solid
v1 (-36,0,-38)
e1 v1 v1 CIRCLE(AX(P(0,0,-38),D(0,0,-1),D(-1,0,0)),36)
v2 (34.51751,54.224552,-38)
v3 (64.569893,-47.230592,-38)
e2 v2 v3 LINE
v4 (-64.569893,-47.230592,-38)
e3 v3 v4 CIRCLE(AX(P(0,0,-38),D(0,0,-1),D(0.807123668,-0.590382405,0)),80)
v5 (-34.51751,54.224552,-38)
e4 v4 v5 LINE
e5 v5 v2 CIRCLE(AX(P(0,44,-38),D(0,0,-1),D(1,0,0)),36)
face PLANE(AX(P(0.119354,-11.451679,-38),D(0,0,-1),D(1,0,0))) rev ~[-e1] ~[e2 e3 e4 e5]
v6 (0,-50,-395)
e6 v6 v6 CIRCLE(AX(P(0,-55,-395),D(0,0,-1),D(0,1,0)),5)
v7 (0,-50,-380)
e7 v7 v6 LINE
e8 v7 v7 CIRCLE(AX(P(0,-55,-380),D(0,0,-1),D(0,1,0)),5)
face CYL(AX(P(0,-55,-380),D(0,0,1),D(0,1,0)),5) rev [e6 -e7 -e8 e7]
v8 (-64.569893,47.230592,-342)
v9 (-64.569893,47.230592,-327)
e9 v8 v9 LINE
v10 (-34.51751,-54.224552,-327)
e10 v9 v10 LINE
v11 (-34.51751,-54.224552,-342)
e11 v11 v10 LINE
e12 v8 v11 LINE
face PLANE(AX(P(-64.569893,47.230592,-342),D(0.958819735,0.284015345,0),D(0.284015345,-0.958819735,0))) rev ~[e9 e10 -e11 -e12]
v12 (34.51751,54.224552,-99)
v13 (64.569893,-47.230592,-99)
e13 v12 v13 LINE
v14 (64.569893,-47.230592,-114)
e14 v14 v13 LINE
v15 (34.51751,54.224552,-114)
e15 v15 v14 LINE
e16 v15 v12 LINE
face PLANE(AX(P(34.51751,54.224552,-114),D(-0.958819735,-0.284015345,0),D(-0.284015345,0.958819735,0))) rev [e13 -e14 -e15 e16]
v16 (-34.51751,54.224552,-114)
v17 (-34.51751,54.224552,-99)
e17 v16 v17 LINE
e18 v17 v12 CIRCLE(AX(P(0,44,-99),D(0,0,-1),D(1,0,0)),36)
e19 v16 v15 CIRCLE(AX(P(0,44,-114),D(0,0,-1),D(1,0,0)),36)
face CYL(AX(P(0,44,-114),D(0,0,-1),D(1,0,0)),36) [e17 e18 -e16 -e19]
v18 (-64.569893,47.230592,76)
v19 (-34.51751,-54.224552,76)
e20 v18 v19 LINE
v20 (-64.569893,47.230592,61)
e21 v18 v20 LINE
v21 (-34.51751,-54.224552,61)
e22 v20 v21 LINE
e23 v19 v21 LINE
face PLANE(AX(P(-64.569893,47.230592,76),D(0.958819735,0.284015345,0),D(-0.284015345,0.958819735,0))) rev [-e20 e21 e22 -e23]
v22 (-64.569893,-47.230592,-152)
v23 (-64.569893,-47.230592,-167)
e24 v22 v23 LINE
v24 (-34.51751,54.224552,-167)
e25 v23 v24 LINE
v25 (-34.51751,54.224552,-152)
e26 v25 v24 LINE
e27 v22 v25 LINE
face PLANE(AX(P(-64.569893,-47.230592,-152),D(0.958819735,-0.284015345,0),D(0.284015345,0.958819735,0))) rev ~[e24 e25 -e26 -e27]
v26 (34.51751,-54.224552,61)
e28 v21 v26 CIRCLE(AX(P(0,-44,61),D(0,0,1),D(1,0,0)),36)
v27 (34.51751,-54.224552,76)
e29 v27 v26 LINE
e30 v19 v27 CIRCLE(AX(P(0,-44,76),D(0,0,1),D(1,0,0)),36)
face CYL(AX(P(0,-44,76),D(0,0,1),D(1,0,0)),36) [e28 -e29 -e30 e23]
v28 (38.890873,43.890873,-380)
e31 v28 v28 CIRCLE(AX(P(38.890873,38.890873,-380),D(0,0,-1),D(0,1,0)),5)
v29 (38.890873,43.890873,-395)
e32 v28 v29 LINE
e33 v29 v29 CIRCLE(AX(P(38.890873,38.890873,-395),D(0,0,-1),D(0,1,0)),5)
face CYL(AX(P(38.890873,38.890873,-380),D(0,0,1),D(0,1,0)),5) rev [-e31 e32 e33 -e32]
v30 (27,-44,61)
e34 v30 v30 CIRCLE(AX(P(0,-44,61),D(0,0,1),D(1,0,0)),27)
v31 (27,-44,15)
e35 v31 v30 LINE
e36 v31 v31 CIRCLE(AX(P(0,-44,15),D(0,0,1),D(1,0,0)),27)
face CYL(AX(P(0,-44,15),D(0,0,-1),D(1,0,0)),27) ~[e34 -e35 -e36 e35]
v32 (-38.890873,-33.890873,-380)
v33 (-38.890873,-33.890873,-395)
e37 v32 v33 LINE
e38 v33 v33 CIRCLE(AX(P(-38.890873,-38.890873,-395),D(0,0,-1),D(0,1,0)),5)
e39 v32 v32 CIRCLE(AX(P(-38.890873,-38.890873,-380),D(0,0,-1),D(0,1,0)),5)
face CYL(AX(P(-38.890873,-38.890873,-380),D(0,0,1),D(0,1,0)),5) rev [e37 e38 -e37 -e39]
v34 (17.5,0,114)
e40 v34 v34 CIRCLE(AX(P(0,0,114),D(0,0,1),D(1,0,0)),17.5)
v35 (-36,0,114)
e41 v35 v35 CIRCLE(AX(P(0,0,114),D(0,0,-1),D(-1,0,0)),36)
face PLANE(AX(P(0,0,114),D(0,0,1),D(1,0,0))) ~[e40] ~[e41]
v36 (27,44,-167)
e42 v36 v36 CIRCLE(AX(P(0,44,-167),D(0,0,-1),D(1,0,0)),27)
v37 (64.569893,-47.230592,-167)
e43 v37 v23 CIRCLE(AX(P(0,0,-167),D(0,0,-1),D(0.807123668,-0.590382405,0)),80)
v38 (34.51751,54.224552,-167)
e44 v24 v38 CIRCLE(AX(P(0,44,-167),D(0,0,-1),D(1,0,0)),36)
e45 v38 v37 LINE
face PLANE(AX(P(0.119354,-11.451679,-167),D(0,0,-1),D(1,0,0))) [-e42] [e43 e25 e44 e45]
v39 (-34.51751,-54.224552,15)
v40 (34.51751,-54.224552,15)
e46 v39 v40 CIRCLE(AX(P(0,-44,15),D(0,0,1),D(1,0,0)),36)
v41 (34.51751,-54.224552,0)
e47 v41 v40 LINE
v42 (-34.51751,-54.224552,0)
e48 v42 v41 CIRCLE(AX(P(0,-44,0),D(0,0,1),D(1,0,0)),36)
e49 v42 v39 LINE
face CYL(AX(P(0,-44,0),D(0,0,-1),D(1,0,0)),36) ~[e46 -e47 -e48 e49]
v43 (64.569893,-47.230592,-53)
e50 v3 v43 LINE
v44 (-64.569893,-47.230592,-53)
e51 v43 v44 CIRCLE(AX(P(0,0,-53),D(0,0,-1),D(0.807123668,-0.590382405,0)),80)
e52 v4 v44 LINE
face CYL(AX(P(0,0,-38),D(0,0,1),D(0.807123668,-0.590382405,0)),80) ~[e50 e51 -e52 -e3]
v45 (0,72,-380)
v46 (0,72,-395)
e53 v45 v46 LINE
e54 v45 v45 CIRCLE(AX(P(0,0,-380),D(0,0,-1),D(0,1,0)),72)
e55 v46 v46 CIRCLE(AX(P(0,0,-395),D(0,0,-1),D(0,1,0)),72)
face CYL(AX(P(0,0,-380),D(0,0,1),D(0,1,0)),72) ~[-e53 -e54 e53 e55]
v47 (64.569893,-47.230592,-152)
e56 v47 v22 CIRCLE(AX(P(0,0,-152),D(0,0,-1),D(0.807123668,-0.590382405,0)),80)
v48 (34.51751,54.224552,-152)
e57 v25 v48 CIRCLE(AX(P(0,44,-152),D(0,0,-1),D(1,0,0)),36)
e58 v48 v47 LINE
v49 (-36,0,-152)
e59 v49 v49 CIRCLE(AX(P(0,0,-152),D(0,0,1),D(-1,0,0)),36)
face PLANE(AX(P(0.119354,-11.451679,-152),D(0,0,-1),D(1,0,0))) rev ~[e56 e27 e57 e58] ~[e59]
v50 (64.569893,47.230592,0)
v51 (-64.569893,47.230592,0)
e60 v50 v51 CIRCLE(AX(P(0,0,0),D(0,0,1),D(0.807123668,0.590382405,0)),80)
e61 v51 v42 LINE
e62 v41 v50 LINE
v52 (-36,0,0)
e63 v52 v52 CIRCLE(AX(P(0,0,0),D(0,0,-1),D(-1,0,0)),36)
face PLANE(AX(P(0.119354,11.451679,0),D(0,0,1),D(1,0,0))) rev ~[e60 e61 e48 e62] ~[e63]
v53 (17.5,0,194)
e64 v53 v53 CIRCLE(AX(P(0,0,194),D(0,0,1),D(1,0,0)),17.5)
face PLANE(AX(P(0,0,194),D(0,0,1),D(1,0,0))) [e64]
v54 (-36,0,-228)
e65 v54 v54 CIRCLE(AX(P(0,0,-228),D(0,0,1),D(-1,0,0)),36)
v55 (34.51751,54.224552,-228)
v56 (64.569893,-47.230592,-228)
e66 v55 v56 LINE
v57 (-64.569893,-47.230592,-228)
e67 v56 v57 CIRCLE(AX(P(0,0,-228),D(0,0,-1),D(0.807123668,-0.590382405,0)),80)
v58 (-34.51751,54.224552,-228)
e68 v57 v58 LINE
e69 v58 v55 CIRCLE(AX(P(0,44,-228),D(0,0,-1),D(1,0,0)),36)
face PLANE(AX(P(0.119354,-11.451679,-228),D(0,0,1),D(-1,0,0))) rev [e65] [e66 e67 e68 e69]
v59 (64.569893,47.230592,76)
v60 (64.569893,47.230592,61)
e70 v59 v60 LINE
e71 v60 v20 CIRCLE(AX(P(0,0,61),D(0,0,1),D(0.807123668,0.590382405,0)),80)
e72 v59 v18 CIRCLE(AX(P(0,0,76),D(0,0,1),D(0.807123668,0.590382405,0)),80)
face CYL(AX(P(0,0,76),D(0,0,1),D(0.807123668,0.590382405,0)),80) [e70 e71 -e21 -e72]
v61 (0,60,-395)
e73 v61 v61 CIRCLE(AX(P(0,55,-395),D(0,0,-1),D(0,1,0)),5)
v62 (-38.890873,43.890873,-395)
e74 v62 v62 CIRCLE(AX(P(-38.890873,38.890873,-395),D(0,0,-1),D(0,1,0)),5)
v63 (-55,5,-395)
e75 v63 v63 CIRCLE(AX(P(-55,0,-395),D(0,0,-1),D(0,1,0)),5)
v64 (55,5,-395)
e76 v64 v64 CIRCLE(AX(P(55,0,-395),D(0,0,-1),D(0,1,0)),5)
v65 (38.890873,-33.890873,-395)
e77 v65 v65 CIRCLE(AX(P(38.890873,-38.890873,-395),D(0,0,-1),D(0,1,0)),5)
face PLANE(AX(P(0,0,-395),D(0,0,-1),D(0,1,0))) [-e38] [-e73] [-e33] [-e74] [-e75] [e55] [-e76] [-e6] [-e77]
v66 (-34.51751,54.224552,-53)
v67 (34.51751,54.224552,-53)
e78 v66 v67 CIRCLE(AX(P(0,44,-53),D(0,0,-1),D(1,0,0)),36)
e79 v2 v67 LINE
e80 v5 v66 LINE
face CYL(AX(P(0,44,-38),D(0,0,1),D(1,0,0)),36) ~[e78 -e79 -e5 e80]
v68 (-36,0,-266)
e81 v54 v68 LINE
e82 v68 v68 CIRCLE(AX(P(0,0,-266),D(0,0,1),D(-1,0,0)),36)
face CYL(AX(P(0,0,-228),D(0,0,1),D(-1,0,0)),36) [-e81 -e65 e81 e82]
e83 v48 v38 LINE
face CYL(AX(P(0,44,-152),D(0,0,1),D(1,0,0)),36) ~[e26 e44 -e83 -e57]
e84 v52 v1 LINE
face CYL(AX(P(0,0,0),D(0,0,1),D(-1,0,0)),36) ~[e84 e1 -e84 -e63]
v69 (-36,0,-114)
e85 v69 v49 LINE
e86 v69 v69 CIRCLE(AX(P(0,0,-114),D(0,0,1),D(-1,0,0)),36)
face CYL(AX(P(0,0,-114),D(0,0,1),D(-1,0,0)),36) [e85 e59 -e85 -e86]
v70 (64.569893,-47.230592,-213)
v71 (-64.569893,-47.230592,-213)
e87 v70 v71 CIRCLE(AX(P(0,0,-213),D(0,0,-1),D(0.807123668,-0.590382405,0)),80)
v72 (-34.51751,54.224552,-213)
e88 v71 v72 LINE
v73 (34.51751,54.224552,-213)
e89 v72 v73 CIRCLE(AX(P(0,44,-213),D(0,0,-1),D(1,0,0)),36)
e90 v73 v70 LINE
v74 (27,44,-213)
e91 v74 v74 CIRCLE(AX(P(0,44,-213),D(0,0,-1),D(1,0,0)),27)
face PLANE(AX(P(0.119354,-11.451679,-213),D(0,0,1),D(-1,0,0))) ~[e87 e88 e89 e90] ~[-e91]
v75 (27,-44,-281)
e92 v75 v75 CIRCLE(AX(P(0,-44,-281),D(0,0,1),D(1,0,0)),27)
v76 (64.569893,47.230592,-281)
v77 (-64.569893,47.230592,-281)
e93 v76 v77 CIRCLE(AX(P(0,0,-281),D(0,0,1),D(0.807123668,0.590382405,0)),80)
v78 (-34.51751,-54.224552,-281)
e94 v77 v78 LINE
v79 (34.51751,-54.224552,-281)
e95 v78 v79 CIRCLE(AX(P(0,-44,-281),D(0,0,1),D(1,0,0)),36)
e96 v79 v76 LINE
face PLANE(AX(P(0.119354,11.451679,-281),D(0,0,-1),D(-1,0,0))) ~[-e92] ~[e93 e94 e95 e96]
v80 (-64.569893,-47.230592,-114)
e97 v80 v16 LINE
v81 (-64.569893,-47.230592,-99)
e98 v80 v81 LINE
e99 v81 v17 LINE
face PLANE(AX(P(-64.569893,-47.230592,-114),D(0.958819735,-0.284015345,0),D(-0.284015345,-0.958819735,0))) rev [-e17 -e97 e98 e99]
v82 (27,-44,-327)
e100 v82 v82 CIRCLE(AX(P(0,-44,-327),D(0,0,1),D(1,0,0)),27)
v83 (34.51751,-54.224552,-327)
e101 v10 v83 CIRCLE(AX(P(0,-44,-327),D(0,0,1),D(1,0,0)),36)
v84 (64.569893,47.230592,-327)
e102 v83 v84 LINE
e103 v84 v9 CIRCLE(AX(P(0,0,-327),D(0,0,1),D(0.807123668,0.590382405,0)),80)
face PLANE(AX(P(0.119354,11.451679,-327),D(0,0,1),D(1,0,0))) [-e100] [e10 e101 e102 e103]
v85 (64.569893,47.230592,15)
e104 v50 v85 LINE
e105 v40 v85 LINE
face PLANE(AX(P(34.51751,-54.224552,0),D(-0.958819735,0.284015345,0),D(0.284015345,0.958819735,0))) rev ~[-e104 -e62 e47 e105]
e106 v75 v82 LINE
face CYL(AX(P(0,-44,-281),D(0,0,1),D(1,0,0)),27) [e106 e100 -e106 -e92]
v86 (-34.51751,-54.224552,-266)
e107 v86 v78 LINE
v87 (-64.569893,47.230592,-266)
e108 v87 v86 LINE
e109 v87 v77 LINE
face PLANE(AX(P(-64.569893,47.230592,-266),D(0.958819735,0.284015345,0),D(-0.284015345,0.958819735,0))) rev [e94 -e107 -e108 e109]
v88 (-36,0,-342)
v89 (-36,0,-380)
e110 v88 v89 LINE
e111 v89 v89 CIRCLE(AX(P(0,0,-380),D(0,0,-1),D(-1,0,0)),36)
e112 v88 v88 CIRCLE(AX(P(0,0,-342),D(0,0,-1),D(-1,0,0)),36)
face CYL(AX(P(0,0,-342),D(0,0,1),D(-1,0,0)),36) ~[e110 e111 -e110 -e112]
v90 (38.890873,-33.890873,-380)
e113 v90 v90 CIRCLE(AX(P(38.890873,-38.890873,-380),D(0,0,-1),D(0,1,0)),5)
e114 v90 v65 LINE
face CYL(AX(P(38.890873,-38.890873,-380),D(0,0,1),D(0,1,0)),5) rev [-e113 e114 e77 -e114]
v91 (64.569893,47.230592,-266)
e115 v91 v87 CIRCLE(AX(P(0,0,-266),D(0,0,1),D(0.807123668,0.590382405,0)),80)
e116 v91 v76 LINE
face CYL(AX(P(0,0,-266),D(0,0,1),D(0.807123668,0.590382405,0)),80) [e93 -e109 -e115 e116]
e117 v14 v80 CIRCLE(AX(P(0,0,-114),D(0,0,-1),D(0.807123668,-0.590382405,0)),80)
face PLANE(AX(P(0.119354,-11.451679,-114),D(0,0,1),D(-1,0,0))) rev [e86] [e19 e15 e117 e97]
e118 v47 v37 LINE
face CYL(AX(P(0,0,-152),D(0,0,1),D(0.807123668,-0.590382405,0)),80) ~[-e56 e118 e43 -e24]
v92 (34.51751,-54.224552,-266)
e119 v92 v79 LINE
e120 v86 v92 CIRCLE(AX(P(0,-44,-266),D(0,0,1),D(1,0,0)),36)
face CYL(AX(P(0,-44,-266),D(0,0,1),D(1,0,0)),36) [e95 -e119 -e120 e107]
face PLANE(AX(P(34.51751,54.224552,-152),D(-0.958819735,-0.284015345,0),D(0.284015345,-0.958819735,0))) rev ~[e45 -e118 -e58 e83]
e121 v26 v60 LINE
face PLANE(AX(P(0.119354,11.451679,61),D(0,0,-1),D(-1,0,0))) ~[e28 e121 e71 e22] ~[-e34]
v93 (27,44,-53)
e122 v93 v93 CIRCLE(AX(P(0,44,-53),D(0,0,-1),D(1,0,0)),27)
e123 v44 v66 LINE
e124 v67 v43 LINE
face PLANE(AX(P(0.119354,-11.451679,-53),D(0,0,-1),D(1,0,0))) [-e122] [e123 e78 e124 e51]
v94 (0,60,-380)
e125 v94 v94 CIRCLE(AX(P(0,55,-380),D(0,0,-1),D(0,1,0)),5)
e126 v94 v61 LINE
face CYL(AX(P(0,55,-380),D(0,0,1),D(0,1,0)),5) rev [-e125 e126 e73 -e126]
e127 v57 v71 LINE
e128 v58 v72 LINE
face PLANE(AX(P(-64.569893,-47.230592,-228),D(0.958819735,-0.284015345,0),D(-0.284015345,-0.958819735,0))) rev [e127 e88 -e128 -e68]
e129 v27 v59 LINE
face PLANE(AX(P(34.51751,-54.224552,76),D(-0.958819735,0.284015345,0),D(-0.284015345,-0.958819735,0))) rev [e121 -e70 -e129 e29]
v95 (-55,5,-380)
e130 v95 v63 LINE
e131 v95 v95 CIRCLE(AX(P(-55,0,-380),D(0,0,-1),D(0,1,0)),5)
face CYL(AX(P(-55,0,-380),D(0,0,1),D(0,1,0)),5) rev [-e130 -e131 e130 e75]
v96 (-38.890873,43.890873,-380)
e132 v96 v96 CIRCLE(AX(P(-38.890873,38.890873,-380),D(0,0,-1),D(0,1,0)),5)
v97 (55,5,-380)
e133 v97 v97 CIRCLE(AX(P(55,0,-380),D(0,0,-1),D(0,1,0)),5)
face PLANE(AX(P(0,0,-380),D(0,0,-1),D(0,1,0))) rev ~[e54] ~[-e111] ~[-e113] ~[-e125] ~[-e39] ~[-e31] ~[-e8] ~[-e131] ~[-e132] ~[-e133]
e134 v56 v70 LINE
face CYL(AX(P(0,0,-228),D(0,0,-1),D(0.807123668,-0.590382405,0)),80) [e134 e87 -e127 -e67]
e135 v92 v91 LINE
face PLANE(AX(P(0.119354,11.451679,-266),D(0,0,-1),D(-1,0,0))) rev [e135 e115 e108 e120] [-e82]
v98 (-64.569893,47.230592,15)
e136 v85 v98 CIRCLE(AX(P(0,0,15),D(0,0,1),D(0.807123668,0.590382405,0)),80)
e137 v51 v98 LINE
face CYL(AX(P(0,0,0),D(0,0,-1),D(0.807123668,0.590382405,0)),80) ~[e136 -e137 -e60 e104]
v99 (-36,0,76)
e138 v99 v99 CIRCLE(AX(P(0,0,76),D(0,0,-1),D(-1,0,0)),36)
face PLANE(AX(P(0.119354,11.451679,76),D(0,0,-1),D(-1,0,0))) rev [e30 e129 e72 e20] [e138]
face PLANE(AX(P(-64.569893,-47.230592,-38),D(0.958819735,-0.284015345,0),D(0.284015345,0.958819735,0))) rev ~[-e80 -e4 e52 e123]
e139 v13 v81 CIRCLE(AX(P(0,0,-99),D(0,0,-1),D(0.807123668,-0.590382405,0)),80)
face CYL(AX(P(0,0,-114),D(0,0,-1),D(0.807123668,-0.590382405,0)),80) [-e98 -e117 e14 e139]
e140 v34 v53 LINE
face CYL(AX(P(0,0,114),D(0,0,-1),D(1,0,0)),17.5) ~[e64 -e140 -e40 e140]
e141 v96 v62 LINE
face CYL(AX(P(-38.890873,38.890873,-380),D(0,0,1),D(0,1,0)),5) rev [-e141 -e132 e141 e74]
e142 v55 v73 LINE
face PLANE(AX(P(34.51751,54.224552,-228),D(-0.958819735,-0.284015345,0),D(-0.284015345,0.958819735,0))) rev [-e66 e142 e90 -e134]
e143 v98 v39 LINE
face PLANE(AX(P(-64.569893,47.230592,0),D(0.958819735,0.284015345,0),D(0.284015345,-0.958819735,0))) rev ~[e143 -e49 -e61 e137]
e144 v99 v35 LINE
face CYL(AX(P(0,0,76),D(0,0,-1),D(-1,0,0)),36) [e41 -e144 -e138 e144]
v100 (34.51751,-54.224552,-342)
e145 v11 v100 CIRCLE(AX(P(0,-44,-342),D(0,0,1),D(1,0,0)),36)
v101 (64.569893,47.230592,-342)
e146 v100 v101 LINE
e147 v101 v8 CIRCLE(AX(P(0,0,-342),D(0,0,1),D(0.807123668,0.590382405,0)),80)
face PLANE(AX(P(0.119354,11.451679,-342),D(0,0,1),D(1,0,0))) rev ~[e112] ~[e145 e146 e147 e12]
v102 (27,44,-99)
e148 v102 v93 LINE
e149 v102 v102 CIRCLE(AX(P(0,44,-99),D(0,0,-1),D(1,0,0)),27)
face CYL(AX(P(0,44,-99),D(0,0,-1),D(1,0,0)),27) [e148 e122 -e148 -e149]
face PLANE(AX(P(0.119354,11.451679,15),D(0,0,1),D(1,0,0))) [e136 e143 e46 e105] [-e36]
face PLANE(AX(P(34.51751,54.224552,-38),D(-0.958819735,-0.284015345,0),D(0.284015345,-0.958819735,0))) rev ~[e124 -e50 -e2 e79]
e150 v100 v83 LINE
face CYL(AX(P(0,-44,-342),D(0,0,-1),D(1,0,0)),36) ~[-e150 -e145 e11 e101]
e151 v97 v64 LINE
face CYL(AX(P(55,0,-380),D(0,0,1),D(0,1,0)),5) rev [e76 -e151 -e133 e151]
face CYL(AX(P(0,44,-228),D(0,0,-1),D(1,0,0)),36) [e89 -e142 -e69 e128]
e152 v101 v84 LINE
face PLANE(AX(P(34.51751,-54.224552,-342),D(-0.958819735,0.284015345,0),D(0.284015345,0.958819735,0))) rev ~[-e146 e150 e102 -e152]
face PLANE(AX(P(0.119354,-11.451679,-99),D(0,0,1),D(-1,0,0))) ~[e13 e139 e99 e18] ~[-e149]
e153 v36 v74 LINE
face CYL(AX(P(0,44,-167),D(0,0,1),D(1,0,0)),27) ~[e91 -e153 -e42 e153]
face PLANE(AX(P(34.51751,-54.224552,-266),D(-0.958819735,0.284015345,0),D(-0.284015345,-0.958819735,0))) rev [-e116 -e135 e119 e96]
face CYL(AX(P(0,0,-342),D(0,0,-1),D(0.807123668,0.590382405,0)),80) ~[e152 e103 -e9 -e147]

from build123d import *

# Parameters (mm, degrees)
SKETCH1_R             = 36
BOSS_EXTRUDE1_DEPTH   = 15
SKETCH2_R             = 27
BOSS_EXTRUDE2_DEPTH   = 46
SKETCH3_R             = 36
BOSS_EXTRUDE3_DEPTH   = 38
BODY_MOVE_COPY1_ANGLE = 180
SKETCH4_R             = 17.5
BOSS_EXTRUDE4_DEPTH   = 80
SKETCH5_R             = 72
SKETCH5_R_2           = 5
BOSS_EXTRUDE5_DEPTH   = 15


with BuildPart() as part:
    # Sketch1 → Boss-Extrude1 (new body)
    with BuildSketch(Plane.XY):
        with BuildLine():
            ThreePointArc((64.569893475, 47.23059238), (0, 80), (-64.569893475, 47.23059238))
            Line((-64.569893475, 47.23059238), (-34.517510455, -54.224552409))
            ThreePointArc((-34.517510455, -54.224552409), (-5.165734392, -8.372550074), (36, -44))
            ThreePointArc((36, -44), (35.627449926, -49.165734392), (34.517510455, -54.224552409))
            Line((34.517510455, -54.224552409), (64.569893475, 47.23059238))
        make_face()
        with Locations((0, -44)):
            Circle(SKETCH1_R)
    boss_extrude1 = extrude(amount=BOSS_EXTRUDE1_DEPTH)

    # Sketch2 → Boss-Extrude2 (add)
    with BuildSketch(Plane.XY.offset(15)):
        with Locations((0, -44)):
            Circle(SKETCH2_R)
    extrude(amount=BOSS_EXTRUDE2_DEPTH)

    # Sketch3 → Boss-Extrude3 (add)
    with BuildSketch(Plane(origin=(0, 0, 0), x_dir=(-1, 0, 0), z_dir=(0, 0, -1))):
        Circle(SKETCH3_R)
    boss_extrude3 = extrude(amount=BOSS_EXTRUDE3_DEPTH)

    # Mirror1: Boss-Extrude1, Boss-Extrude3 across plane
    add(boss_extrude1.mirror(Plane.XY.offset(38)))
    add(boss_extrude3.mirror(Plane.XY.offset(38)))


with BuildPart() as body_2:
    # Mirror6: mirrored copy
    add(part.part.mirror(Plane(origin=(0, 0, -19), x_dir=(1, 0, 0), z_dir=(0, 0, -1))))


with BuildPart() as body_2_1:
    # Body-Move/Copy1: moved
    add(body_2.part.rotate(Axis((0, 0, -76), (1, 0, 0)), BODY_MOVE_COPY1_ANGLE))


with BuildPart() as body_3:
    # Mirror7: mirrored copy
    add(body_2_1.part.mirror(Plane(origin=(0, 0, -133), x_dir=(1, 0, 0), z_dir=(0, 0, -1))))


with BuildPart() as body_4:
    # Mirror7 2: mirrored copy
    add(part.part.mirror(Plane(origin=(0, 0, -133), x_dir=(1, 0, 0), z_dir=(0, 0, -1))))

    # Sketch5 → Boss-Extrude5 (add)
    with BuildSketch(Plane(origin=(0, 0, -380), x_dir=(-1, 0, 0), z_dir=(0, 0, -1))):
        with Locations(Location((0, 0, 0), (0, 0, 90))):
            Circle(SKETCH5_R)
        with Locations(Location((0, 55, 0), (0, 0, 90))):
            Circle(SKETCH5_R_2, mode=Mode.SUBTRACT)
        with Locations(Location((38.890872965, 38.890872965, 0), (0, 0, 90))):
            Circle(SKETCH5_R_2, mode=Mode.SUBTRACT)
        with Locations(Location((55, 0, 0), (0, 0, 90))):
            Circle(SKETCH5_R_2, mode=Mode.SUBTRACT)
        with Locations(Location((38.890872965, -38.890872965, 0), (0, 0, 90))):
            Circle(SKETCH5_R_2, mode=Mode.SUBTRACT)
        with Locations(Location((0, -55, 0), (0, 0, 90))):
            Circle(SKETCH5_R_2, mode=Mode.SUBTRACT)
        with Locations(Location((-38.890872965, -38.890872965, 0), (0, 0, 90))):
            Circle(SKETCH5_R_2, mode=Mode.SUBTRACT)
        with Locations(Location((-55, 0, 0), (0, 0, 90))):
            Circle(SKETCH5_R_2, mode=Mode.SUBTRACT)
        with Locations(Location((-38.890872965, 38.890872965, 0), (0, 0, 90))):
            Circle(SKETCH5_R_2, mode=Mode.SUBTRACT)
    extrude(amount=BOSS_EXTRUDE5_DEPTH)


with BuildPart() as part_1:
    add(part.part)

    # Sketch4 → Boss-Extrude4 (add)
    with BuildSketch(Plane.XY.offset(114)):
        Circle(SKETCH4_R)
    extrude(amount=BOSS_EXTRUDE4_DEPTH)

    # Combine1: union body 2, body 3, body 4
    add(body_2_1.part)
    add(body_3.part)
    add(body_4.part)


solid = part_1.part
